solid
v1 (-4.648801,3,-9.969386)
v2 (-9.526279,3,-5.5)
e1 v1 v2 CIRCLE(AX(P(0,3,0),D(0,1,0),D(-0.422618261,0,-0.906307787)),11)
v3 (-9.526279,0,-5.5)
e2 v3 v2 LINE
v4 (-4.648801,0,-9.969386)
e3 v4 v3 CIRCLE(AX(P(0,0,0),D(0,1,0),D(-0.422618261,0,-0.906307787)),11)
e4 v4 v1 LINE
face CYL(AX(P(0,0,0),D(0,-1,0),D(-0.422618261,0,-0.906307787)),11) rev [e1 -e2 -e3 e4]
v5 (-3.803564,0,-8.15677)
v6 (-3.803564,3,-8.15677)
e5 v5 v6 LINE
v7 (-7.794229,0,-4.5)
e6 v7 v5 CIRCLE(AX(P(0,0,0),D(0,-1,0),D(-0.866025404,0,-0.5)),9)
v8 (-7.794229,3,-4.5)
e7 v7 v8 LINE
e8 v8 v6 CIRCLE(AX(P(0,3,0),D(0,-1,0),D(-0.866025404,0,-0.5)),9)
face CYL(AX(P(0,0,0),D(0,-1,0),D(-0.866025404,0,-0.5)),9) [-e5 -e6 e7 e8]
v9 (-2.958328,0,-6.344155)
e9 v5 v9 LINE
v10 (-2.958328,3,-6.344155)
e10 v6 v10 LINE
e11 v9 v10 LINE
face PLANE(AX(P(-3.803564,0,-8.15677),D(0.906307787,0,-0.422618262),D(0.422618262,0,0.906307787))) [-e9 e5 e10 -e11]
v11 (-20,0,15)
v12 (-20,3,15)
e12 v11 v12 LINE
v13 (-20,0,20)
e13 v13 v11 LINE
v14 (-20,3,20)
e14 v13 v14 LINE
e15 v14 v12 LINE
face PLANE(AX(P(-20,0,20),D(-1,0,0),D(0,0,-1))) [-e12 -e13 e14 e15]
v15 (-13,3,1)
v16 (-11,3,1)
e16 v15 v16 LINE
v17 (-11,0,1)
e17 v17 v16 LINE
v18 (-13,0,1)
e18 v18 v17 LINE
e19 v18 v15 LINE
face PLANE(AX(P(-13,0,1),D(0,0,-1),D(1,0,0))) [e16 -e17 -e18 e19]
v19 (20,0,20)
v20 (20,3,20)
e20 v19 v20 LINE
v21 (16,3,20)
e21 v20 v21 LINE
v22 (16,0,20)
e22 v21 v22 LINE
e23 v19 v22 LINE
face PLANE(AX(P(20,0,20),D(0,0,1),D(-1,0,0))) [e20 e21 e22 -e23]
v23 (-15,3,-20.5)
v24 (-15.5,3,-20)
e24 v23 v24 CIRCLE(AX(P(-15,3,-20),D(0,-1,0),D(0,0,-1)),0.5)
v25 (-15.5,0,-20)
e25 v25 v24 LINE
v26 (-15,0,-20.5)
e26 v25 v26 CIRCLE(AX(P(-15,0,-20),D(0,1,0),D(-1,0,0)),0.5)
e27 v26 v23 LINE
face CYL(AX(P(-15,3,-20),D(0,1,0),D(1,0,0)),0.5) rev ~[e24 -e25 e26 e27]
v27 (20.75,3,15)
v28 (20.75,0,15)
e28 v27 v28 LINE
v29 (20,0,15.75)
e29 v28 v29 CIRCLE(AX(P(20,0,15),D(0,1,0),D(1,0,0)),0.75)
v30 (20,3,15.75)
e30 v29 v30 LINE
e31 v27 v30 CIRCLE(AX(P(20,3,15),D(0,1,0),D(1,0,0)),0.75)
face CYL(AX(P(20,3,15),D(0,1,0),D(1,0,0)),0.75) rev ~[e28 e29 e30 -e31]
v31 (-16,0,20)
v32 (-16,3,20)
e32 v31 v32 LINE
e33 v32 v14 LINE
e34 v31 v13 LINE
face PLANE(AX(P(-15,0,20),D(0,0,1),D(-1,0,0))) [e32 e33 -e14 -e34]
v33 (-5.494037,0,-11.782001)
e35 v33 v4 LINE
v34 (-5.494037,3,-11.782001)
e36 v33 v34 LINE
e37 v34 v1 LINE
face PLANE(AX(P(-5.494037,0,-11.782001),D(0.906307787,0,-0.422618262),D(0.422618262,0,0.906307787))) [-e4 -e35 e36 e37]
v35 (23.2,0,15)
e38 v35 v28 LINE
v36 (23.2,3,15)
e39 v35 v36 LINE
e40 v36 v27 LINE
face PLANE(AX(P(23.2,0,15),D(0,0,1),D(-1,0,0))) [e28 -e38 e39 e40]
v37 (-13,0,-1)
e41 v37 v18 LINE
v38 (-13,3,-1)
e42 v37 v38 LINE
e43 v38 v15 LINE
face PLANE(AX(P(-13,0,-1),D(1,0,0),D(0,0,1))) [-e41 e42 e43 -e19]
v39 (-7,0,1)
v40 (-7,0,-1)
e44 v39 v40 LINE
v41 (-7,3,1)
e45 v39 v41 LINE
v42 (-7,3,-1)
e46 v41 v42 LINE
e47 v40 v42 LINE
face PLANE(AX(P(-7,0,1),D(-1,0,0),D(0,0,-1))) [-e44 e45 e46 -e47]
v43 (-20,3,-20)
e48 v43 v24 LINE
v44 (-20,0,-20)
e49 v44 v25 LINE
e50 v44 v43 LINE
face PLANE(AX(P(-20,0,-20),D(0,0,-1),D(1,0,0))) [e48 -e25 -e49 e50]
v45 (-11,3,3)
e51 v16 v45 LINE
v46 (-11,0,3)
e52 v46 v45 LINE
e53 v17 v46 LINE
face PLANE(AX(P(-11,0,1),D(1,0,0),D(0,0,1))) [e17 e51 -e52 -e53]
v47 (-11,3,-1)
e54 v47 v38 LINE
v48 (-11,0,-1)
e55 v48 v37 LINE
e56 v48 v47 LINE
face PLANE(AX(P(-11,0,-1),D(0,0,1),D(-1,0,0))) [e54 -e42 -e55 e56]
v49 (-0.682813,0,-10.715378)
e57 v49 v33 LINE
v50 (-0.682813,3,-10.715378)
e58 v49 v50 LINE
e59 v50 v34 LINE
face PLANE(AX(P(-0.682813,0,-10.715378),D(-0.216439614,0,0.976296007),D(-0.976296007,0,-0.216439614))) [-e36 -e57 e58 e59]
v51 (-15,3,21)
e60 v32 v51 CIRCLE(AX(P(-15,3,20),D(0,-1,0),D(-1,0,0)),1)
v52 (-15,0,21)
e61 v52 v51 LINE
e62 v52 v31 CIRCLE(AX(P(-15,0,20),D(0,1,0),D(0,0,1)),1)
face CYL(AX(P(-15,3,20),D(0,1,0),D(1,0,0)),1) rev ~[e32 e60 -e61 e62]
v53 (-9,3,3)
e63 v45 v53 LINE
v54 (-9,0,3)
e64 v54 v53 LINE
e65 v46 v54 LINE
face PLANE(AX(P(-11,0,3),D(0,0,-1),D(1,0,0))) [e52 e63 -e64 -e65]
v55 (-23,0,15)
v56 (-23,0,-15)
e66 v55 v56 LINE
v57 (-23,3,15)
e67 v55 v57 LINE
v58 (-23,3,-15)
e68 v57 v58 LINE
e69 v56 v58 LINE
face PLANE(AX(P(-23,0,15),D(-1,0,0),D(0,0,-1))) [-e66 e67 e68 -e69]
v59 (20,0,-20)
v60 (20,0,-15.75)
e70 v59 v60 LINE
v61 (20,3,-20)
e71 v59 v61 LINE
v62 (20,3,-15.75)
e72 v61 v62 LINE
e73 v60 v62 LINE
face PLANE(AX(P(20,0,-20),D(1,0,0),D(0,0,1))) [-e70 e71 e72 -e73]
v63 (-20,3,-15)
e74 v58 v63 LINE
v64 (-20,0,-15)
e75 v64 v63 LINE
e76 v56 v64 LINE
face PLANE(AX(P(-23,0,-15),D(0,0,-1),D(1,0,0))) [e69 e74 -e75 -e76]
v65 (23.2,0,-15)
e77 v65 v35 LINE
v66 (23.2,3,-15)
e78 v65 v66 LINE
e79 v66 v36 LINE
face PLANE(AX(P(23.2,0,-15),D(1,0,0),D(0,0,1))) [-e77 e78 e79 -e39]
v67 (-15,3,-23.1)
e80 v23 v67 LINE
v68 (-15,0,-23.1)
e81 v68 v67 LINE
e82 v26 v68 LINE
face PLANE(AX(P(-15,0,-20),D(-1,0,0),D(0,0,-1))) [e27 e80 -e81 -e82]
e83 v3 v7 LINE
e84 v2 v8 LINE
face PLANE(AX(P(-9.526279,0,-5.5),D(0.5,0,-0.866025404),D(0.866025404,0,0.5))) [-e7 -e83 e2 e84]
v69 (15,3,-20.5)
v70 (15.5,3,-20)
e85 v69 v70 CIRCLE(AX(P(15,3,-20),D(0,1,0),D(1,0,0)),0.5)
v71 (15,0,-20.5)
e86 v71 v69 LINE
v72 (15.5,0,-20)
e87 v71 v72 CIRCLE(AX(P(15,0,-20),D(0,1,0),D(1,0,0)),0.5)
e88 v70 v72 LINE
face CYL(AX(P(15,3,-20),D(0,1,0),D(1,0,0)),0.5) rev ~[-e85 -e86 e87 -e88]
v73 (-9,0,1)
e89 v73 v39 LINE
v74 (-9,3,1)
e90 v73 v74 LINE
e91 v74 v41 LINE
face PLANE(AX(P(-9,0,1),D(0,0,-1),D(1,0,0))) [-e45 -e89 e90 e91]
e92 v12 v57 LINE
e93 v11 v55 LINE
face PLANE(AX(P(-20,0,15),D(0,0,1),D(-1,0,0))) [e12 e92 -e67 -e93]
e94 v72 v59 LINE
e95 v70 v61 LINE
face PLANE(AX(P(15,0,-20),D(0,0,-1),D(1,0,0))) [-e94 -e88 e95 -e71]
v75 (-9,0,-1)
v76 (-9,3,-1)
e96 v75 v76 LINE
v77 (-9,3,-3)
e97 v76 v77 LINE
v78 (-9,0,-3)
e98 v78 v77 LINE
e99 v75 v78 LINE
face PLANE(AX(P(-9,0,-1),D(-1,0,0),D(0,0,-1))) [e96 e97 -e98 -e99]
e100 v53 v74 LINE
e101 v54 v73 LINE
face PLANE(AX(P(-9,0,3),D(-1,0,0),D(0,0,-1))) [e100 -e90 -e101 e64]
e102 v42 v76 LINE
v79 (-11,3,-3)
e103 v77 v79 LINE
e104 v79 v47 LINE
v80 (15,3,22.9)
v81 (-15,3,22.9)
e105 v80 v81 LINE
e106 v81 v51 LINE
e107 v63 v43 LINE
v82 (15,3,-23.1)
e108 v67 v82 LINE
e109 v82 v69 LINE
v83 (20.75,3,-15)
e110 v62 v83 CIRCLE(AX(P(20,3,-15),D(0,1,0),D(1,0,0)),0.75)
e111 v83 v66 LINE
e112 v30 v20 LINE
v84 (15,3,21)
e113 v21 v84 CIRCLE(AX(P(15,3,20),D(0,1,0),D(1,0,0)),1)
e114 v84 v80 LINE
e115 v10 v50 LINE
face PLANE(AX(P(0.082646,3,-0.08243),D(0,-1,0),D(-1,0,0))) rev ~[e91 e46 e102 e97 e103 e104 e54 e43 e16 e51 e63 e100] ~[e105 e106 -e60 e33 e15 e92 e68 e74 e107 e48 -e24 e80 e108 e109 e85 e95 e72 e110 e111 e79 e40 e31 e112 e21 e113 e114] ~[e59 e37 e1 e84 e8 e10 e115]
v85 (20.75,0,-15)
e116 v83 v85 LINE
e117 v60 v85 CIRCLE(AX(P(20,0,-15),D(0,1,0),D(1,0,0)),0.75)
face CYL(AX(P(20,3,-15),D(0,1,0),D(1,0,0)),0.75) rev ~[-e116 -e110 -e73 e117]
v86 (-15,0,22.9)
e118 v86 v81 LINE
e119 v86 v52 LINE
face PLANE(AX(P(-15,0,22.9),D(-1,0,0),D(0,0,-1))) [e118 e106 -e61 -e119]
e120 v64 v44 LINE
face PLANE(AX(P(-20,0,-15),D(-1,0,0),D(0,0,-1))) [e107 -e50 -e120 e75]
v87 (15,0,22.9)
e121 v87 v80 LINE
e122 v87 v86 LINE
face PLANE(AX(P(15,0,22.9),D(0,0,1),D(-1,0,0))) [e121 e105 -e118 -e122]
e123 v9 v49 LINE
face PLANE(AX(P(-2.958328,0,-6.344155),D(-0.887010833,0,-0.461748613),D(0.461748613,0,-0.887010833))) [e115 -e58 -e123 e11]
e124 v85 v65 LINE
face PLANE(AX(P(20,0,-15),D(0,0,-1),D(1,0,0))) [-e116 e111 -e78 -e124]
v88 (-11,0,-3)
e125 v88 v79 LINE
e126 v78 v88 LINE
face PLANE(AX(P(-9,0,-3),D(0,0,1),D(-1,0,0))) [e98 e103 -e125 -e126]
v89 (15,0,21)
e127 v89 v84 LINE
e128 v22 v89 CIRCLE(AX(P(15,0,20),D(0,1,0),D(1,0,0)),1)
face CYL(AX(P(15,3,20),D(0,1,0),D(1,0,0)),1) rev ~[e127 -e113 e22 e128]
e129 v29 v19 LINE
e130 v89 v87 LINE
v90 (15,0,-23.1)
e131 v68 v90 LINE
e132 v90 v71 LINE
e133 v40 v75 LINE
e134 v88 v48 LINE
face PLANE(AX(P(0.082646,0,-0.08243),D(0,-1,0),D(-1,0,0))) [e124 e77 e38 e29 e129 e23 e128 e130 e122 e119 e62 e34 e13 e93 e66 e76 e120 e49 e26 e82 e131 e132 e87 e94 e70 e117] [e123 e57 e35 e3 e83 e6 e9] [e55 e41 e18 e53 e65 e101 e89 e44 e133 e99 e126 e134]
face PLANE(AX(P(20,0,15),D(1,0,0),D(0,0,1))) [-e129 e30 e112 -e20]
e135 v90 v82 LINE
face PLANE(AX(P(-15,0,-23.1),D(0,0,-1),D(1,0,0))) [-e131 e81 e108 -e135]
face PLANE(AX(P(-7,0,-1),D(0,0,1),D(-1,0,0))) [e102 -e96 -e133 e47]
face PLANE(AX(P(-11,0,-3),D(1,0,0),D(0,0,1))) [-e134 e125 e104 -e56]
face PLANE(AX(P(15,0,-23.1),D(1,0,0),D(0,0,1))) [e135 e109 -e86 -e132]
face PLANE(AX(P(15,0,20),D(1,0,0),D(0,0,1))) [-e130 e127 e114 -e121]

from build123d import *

# Parameters (mm, degrees)
BOSS_EXTRUDE1_DEPTH = 3
SKETCH4_R           = 0.5
SKETCH4_R_2         = 0.75
SKETCH4_R_3         = 1
CUT_EXTRUDE1_DEPTH  = 33.876283245


with BuildPart() as part:
    # Sketch1 → Boss-Extrude1 (new body)
    with BuildSketch(Plane(origin=(0, 0, 0), x_dir=(1, 0, 0), z_dir=(0, 1, 0))):
        Polygon((-20, -20), (-20, -15), (-23, -15), (-23, 15), (-20, 15), (-20, 20), (-15, 20), (-15, 23.1), (15, 23.1), (15, 20), (20, 20), (20, 15), (23.2, 15), (23.2, -15), (20, -15), (20, -20), (15, -20), (15, -22.9), (-15, -22.9), (-15, -20), align=None)
        Polygon((-13, -1), (-11, -1), (-11, -3), (-9, -3), (-9, -1), (-7, -1), (-7, 1), (-9, 1), (-9, 3), (-11, 3), (-11, 1), (-13, 1), align=None, mode=Mode.SUBTRACT)
        with BuildLine():
            Line((-9.526279442, 5.5), (-7.794228634, 4.5))
            ThreePointArc((-7.794228634, 4.5), (-6.080311869, 6.635496031), (-3.803564356, 8.156770083))
            Line((-3.803564356, 8.156770083), (-2.958327832, 6.344154509))
            Line((-2.958327832, 6.344154509), (-0.682812706, 10.715378396))
            Line((-0.682812706, 10.715378396), (-5.494037403, 11.782001231))
            Line((-5.494037403, 11.782001231), (-4.648800879, 9.969385657))
            ThreePointArc((-4.648800879, 9.969385657), (-7.431492284, 8.110050705), (-9.526279442, 5.5))
        make_face(mode=Mode.SUBTRACT)
    extrude(amount=BOSS_EXTRUDE1_DEPTH)

    # Sketch4 → Cut-Extrude1 (cut, through all)
    with BuildSketch(Plane(origin=(0, 3, 0), x_dir=(1, 0, 0), z_dir=(0, 1, 0))):
        with Locations((-15, 20)):
            Circle(SKETCH4_R)
        with Locations((15, 20)):
            Circle(SKETCH4_R)
        with Locations((20, 15)):
            Circle(SKETCH4_R_2)
        with Locations((20, -15)):
            Circle(SKETCH4_R_2)
        with Locations((15, -20)):
            Circle(SKETCH4_R_3)
        with Locations((-15, -20)):
            Circle(SKETCH4_R_3)
    extrude(amount=-CUT_EXTRUDE1_DEPTH, mode=Mode.SUBTRACT)


solid = part.part
